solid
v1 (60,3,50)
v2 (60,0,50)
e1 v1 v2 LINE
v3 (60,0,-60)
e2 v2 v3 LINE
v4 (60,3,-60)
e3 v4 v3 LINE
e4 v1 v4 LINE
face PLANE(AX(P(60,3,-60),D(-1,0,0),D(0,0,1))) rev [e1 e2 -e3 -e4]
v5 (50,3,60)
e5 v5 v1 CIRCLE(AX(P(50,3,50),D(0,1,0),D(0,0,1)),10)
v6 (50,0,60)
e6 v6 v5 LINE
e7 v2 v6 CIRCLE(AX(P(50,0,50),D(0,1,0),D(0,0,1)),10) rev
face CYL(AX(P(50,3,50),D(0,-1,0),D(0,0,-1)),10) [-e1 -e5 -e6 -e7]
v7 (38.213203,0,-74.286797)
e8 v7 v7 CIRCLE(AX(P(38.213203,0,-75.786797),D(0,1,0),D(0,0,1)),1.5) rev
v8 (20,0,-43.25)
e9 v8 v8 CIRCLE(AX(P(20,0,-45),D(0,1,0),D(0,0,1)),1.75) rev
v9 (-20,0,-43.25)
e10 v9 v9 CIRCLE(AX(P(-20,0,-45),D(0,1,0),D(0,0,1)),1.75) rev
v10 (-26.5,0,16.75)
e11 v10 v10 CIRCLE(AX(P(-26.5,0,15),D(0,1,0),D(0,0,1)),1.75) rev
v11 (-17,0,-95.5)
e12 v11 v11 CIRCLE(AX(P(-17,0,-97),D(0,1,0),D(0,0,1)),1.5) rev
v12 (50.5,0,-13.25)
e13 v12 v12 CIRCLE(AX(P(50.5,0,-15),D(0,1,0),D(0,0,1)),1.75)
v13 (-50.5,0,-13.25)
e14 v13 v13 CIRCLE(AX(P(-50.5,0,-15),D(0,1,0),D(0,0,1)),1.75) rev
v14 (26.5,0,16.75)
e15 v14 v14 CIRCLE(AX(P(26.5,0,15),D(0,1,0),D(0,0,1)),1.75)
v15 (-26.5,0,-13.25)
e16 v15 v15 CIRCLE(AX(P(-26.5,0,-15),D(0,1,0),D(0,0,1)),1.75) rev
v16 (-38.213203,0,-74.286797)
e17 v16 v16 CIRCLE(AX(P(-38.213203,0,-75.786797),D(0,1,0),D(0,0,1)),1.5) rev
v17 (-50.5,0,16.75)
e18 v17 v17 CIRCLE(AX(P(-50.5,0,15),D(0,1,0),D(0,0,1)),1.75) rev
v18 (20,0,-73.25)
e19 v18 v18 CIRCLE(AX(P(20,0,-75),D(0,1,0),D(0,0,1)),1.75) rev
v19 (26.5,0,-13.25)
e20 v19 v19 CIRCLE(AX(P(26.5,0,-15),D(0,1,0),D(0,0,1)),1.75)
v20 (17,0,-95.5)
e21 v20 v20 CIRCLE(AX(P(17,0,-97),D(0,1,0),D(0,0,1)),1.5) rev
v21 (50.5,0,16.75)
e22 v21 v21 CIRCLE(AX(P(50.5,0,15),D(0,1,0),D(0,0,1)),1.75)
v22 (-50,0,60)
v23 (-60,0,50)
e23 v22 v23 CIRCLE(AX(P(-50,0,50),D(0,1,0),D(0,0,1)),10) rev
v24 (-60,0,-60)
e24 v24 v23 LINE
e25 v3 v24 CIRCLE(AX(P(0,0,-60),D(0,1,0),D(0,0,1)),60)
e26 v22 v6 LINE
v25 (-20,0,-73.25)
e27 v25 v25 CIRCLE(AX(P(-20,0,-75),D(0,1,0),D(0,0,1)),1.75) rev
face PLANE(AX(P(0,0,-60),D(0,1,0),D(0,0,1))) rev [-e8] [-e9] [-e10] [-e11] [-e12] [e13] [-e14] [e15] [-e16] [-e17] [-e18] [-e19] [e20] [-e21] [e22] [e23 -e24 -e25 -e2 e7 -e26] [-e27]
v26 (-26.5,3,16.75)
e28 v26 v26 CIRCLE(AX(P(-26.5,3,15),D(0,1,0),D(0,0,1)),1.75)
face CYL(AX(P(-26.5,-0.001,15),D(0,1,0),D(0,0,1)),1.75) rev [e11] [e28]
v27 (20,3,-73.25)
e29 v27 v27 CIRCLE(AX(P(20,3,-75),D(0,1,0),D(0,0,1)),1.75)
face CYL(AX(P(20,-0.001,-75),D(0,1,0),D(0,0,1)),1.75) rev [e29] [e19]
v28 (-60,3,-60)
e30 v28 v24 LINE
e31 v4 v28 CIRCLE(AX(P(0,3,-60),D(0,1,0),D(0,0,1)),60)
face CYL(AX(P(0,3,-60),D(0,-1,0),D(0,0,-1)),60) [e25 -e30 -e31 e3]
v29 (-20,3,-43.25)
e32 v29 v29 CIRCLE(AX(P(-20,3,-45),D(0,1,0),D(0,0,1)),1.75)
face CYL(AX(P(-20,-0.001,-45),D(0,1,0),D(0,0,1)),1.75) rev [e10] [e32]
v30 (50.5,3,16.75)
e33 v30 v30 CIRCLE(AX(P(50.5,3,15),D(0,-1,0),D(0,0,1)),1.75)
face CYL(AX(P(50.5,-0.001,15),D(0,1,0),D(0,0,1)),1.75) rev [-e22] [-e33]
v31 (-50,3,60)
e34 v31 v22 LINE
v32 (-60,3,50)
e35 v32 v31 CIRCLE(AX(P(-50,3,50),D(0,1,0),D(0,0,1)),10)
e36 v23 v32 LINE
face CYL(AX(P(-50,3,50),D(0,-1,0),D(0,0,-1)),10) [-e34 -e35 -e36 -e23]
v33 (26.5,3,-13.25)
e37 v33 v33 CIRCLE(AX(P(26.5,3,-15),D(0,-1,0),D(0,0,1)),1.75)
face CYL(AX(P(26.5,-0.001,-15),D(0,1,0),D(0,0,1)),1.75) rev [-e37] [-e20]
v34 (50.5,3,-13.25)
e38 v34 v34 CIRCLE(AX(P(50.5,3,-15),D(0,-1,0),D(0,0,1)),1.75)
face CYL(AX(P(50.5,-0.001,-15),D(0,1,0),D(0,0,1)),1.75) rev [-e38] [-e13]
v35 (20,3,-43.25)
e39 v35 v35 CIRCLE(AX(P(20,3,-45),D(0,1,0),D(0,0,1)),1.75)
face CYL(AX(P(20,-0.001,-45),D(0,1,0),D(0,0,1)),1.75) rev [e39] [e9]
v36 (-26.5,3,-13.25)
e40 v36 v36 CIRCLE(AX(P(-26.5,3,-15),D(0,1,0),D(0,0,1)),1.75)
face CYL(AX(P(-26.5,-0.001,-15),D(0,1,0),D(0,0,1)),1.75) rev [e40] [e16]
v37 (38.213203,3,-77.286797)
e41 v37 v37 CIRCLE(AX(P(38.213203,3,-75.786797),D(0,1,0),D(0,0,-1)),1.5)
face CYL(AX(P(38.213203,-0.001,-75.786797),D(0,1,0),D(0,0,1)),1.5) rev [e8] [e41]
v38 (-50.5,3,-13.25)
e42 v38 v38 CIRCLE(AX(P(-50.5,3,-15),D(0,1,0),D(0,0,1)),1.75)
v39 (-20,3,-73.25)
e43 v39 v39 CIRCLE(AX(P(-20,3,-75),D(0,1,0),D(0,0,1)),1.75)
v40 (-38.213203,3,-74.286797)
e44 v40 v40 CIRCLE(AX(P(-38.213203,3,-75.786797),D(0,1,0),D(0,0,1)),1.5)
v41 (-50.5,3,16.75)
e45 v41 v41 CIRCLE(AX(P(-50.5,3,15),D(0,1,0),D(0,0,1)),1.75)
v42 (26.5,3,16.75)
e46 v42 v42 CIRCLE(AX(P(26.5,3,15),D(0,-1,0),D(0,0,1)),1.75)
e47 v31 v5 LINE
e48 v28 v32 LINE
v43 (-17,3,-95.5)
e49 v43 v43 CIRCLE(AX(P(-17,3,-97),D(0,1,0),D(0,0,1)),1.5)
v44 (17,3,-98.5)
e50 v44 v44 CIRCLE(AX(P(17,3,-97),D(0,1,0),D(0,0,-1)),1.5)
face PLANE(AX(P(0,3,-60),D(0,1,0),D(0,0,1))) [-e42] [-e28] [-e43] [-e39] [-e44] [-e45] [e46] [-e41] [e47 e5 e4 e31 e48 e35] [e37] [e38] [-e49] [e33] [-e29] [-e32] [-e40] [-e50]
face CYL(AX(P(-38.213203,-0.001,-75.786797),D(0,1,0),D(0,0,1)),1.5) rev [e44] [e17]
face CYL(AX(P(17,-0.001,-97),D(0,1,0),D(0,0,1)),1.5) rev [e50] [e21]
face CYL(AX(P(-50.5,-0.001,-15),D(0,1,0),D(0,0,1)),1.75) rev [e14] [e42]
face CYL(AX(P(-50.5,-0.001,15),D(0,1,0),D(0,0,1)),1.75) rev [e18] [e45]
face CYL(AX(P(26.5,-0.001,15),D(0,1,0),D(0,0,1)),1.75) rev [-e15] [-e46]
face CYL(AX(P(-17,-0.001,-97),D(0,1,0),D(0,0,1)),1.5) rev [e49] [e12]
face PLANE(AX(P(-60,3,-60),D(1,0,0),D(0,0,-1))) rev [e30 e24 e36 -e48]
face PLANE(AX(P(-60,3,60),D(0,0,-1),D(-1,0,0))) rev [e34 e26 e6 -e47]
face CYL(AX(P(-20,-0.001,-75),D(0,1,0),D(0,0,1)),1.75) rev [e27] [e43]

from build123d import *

# Parameters (mm, degrees)
BOSS_EXTRUDE3_DEPTH = 3
FILLET3_R           = 10
SKETCH4_R           = 1.75
CUT_EXTRUDE1_DEPTH  = 3
CUT_EXTRUDE2_REACH  = 5
SKETCH5_R           = 1.75
CUT_EXTRUDE3_REACH  = 5
SKETCH6_R           = 1.5


with BuildPart() as part:
    # Sketch1 → Boss-Extrude3 (new body)
    with BuildSketch(Plane(origin=(0, 0, 0), x_dir=(1, 0, 0), z_dir=(0, 1, 0))):
        with BuildLine():
            Line((-60, 60), (-60, -60))
            Line((-60, -60), (60, -60))
            Line((60, -60), (60, 60))
            ThreePointArc((60, 60), (0, 120), (-60, 60))
        make_face()
    extrude(amount=BOSS_EXTRUDE3_DEPTH)

    # Fillet3
    fillet3_edges = [part.edges().sort_by_distance(p)[0] for p in [
        (60, 1.5, 60),
        (-60, 1.5, 60),
    ]]
    fillet(fillet3_edges, radius=FILLET3_R)

    # Sketch4 → Cut-Extrude1 (cut)
    with BuildSketch(Plane(origin=(0, 3, 0), x_dir=(1, 0, 0), z_dir=(0, 1, 0))):
        with Locations((-26.5, -15)):
            Circle(SKETCH4_R)
        with Locations((-50.5, -15)):
            Circle(SKETCH4_R)
        with Locations((-50.5, 15)):
            Circle(SKETCH4_R)
        with Locations((-26.5, 15)):
            Circle(SKETCH4_R)
    cut_extrude1 = extrude(amount=-CUT_EXTRUDE1_DEPTH, mode=Mode.SUBTRACT)

    # Mirror1: Cut-Extrude1 across plane
    add(cut_extrude1.mirror(Plane(origin=(0, 0, 0), x_dir=(0, 0, 1), z_dir=(1, 0, 0))), mode=Mode.SUBTRACT)

    # Sketch5 → Cut-Extrude2 (cut, up to next)
    with BuildSketch(Plane(origin=(0, 3, 0), x_dir=(1, 0, 0), z_dir=(0, 1, 0)), mode=Mode.PRIVATE) as cut_extrude2_sk1:
        with Locations((20, 75)):
            Circle(SKETCH5_R)
    cut_extrude2_tool1 = extrude(cut_extrude2_sk1.sketch, amount=-CUT_EXTRUDE2_REACH, mode=Mode.PRIVATE) & part.part
    add(cut_extrude2_tool1.solids().sort_by_distance((20, 3, -75))[0], mode=Mode.SUBTRACT)
    # Sketch5 → Cut-Extrude2 (cut, up to next)
    with BuildSketch(Plane(origin=(0, 3, 0), x_dir=(1, 0, 0), z_dir=(0, 1, 0)), mode=Mode.PRIVATE) as cut_extrude2_sk2:
        with Locations((-20, 75)):
            Circle(SKETCH5_R)
    cut_extrude2_tool2 = extrude(cut_extrude2_sk2.sketch, amount=-CUT_EXTRUDE2_REACH, mode=Mode.PRIVATE) & part.part
    add(cut_extrude2_tool2.solids().sort_by_distance((-20, 3, -75))[0], mode=Mode.SUBTRACT)
    # Sketch5 → Cut-Extrude2 (cut, up to next)
    with BuildSketch(Plane(origin=(0, 3, 0), x_dir=(1, 0, 0), z_dir=(0, 1, 0)), mode=Mode.PRIVATE) as cut_extrude2_sk3:
        with Locations((-20, 45)):
            Circle(SKETCH5_R)
    cut_extrude2_tool3 = extrude(cut_extrude2_sk3.sketch, amount=-CUT_EXTRUDE2_REACH, mode=Mode.PRIVATE) & part.part
    add(cut_extrude2_tool3.solids().sort_by_distance((-20, 3, -45))[0], mode=Mode.SUBTRACT)
    # Sketch5 → Cut-Extrude2 (cut, up to next)
    with BuildSketch(Plane(origin=(0, 3, 0), x_dir=(1, 0, 0), z_dir=(0, 1, 0)), mode=Mode.PRIVATE) as cut_extrude2_sk4:
        with Locations((20, 45)):
            Circle(SKETCH5_R)
    cut_extrude2_tool4 = extrude(cut_extrude2_sk4.sketch, amount=-CUT_EXTRUDE2_REACH, mode=Mode.PRIVATE) & part.part
    add(cut_extrude2_tool4.solids().sort_by_distance((20, 3, -45))[0], mode=Mode.SUBTRACT)

    # Sketch6 → Cut-Extrude3 (cut, up to next)
    with BuildSketch(Plane(origin=(0, 3, 0), x_dir=(1, 0, 0), z_dir=(0, 1, 0)), mode=Mode.PRIVATE) as cut_extrude3_sk1:
        with Locations((-38.213203436, 75.786796564)):
            Circle(SKETCH6_R)
    cut_extrude3_tool1 = extrude(cut_extrude3_sk1.sketch, amount=-CUT_EXTRUDE3_REACH, mode=Mode.PRIVATE) & part.part
    add(cut_extrude3_tool1.solids().sort_by_distance((-38.213203, 3, -75.786797))[0], mode=Mode.SUBTRACT)
    # Sketch6 → Cut-Extrude3 (cut, up to next)
    with BuildSketch(Plane(origin=(0, 3, 0), x_dir=(1, 0, 0), z_dir=(0, 1, 0)), mode=Mode.PRIVATE) as cut_extrude3_sk2:
        with Locations((-17, 97)):
            Circle(SKETCH6_R)
    cut_extrude3_tool2 = extrude(cut_extrude3_sk2.sketch, amount=-CUT_EXTRUDE3_REACH, mode=Mode.PRIVATE) & part.part
    add(cut_extrude3_tool2.solids().sort_by_distance((-17, 3, -97))[0], mode=Mode.SUBTRACT)
    # Sketch6 → Cut-Extrude3 (cut, up to next)
    with BuildSketch(Plane(origin=(0, 3, 0), x_dir=(1, 0, 0), z_dir=(0, 1, 0)), mode=Mode.PRIVATE) as cut_extrude3_sk3:
        with Locations((17, 97)):
            Circle(SKETCH6_R)
    cut_extrude3_tool3 = extrude(cut_extrude3_sk3.sketch, amount=-CUT_EXTRUDE3_REACH, mode=Mode.PRIVATE) & part.part
    add(cut_extrude3_tool3.solids().sort_by_distance((17, 3, -97))[0], mode=Mode.SUBTRACT)
    # Sketch6 → Cut-Extrude3 (cut, up to next)
    with BuildSketch(Plane(origin=(0, 3, 0), x_dir=(1, 0, 0), z_dir=(0, 1, 0)), mode=Mode.PRIVATE) as cut_extrude3_sk4:
        with Locations((38.213203436, 75.786796564)):
            Circle(SKETCH6_R)
    cut_extrude3_tool4 = extrude(cut_extrude3_sk4.sketch, amount=-CUT_EXTRUDE3_REACH, mode=Mode.PRIVATE) & part.part
    add(cut_extrude3_tool4.solids().sort_by_distance((38.213203, 3, -75.786797))[0], mode=Mode.SUBTRACT)


solid = part.part
